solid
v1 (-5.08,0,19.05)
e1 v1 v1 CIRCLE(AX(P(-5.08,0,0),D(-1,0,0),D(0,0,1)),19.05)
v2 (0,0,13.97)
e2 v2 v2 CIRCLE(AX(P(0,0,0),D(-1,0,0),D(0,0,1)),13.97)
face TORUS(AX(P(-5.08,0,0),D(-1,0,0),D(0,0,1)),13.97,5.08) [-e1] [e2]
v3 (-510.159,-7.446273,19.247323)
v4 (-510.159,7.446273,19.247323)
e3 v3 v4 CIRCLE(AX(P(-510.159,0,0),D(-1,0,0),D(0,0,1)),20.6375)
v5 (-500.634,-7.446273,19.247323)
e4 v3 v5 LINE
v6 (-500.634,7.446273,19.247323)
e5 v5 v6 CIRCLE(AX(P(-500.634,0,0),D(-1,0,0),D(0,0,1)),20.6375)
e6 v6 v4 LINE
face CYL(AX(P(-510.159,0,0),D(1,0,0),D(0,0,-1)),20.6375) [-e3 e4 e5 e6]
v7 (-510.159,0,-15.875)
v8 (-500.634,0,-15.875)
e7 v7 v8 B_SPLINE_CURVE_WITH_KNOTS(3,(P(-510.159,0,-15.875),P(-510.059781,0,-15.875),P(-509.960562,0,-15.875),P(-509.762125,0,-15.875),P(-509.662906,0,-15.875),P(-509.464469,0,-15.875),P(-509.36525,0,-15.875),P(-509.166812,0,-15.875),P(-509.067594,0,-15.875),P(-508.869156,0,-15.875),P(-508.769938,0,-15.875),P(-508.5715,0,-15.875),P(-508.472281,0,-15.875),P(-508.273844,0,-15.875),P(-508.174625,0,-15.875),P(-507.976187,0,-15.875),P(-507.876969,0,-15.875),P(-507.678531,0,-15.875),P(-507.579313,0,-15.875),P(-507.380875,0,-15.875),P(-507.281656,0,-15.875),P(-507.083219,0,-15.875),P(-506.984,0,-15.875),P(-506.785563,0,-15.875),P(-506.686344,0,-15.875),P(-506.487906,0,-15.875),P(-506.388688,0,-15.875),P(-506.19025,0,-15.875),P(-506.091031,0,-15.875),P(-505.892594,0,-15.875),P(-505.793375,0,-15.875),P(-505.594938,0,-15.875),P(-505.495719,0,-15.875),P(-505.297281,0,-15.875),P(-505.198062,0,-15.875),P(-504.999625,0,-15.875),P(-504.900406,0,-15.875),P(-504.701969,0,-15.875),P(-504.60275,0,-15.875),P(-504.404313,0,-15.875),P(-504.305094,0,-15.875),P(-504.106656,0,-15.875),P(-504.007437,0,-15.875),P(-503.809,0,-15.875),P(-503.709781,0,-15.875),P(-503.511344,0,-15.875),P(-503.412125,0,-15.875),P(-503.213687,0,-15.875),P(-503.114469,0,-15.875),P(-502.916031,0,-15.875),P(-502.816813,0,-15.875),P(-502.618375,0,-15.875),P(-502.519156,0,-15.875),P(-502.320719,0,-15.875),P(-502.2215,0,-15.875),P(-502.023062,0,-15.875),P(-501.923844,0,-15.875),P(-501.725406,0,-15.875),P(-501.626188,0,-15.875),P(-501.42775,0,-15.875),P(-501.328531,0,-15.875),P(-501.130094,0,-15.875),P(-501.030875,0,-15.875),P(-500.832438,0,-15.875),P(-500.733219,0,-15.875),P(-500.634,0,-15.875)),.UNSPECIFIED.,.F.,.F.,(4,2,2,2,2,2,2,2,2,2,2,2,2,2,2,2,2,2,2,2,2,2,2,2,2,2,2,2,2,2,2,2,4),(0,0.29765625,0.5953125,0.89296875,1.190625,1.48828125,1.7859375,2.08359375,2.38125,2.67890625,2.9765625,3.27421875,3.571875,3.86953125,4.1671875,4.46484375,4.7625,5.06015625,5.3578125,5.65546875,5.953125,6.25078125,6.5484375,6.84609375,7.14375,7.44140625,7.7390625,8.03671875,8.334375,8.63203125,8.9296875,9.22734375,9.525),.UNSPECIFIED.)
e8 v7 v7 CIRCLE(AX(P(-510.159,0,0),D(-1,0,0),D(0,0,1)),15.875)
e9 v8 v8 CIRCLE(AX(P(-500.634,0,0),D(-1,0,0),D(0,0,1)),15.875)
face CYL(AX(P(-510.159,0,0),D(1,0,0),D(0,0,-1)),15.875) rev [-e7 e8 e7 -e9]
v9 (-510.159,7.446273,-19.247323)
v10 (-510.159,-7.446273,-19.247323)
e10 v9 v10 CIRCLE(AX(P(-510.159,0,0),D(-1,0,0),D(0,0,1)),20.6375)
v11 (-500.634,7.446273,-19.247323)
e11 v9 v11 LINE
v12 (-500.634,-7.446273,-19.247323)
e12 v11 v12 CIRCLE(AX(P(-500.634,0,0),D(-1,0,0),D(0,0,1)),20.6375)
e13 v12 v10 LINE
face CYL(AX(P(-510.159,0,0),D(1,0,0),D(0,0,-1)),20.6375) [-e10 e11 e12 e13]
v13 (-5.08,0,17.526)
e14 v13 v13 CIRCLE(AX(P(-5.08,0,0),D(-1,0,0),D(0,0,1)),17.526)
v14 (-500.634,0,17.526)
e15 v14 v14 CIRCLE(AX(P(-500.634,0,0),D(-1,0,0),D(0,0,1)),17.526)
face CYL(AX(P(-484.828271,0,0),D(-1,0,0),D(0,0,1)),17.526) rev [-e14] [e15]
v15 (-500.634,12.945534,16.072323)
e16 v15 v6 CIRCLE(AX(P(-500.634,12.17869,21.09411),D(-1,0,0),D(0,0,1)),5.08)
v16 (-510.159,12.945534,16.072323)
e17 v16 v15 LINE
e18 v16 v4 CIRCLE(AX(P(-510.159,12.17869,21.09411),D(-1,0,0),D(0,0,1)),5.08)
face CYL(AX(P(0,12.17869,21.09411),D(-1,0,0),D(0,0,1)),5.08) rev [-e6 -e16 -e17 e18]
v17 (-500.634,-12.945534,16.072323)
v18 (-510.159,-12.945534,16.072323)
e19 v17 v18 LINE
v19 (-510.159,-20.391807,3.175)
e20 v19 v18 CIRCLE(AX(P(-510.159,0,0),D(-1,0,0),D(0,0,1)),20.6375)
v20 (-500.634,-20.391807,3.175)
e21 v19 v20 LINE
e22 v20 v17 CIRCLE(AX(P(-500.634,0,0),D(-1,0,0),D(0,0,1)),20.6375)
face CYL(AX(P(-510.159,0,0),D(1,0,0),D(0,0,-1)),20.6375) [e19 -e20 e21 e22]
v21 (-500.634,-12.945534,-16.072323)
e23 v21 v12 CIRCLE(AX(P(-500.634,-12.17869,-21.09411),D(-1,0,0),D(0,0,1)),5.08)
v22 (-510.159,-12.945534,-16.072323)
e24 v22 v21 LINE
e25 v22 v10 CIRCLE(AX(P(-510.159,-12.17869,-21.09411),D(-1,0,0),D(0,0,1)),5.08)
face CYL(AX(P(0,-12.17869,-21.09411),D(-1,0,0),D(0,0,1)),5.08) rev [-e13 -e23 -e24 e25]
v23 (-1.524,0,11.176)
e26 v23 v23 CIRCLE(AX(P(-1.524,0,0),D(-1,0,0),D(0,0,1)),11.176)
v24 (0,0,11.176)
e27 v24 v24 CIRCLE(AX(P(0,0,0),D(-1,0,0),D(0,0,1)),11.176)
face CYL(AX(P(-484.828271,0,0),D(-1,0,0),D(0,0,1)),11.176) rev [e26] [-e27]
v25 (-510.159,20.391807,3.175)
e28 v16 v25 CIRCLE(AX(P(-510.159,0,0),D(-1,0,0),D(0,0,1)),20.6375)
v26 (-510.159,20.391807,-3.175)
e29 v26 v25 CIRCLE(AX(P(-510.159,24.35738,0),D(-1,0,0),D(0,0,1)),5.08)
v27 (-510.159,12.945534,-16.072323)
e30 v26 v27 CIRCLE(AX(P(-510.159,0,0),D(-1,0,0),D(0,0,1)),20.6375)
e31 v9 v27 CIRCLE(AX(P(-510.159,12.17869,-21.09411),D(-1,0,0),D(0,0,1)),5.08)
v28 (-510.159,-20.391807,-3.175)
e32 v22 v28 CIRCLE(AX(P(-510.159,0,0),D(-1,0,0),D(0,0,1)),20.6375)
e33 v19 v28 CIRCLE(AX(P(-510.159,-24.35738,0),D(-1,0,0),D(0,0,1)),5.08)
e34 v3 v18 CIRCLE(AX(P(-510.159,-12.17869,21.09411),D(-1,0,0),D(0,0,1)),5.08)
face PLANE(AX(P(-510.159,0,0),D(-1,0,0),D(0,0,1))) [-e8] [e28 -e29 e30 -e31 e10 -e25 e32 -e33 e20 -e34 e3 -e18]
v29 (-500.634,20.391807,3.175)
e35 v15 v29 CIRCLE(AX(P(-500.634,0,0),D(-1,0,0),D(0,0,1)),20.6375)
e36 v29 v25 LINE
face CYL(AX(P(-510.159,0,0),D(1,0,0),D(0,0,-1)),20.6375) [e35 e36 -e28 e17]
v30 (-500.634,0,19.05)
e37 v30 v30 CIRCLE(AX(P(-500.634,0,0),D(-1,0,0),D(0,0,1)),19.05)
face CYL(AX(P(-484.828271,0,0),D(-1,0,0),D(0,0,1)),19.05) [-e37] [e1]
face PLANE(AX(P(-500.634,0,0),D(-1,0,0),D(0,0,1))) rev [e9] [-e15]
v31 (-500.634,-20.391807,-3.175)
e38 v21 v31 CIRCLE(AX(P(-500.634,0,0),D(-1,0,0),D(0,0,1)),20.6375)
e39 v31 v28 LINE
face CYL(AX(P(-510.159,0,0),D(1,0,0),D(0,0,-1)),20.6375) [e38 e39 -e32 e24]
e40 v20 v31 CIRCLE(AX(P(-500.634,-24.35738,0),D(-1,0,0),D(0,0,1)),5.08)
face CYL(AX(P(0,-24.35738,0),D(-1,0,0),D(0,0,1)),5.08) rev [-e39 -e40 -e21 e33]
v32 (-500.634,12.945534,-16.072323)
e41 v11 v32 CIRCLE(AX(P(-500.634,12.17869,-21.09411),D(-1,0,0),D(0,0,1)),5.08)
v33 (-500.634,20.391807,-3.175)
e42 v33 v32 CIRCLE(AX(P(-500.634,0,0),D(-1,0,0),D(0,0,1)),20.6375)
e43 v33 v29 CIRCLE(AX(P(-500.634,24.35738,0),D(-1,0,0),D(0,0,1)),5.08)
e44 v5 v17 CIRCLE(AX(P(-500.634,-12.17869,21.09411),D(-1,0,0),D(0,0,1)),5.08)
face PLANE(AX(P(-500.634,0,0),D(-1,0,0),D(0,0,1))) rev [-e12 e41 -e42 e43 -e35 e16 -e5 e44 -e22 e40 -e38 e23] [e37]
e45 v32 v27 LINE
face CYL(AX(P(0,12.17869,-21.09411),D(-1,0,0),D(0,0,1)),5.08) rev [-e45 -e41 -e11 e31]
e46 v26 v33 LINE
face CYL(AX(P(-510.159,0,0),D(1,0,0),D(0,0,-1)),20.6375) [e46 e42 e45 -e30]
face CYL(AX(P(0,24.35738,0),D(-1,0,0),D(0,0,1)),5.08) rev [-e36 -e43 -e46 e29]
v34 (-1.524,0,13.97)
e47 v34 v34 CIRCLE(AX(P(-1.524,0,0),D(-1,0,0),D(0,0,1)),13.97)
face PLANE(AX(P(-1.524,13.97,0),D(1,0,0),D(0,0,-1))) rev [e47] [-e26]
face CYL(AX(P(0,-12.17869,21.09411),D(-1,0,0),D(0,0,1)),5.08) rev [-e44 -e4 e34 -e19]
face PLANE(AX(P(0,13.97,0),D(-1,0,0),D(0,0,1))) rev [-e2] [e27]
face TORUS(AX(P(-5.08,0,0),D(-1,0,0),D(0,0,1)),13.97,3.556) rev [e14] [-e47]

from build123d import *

# Parameters (mm, degrees)
SKETCH2_R               = 20.6375
SKETCH2_R_2             = 15.875
BOSS_EXTRUDE1_DEPTH     = 9.525
CUT_EXTRUDE1_DEPTH      = 511.993168343
CUT_EXTRUDE1_DEPTH_BACK = 511.993168343


with BuildPart() as part:
    # Sketch1 → Revolve1 (revolve)
    with BuildSketch(Plane.XY, mode=Mode.PRIVATE) as revolve1_sk:
        with BuildLine():
            Line((-5.08, 17.526), (-500.634, 17.526))
            Line((-500.634, 17.526), (-500.634, 19.05))
            Line((-500.634, 19.05), (-5.08, 19.05))
            ThreePointArc((-5.08, 19.05), (-1.487897552, 17.562102448), (0, 13.97))
            Line((0, 13.97), (0, 11.176))
            Line((0, 11.176), (-1.524, 11.176))
            Line((-1.524, 11.176), (-1.524, 13.97))
            ThreePointArc((-1.524, 13.97), (-2.565528286, 16.484471714), (-5.08, 17.526))
        make_face()
    revolve(revolve1_sk.sketch.rotate(Axis((-484.828271433, 0, 0), (1, 0, 0)), 90), axis=Axis((-484.828271433, 0, 0), (1, 0, 0)))

    # Sketch2 → Boss-Extrude1 (add)
    with BuildSketch(Plane.ZY.offset(500.634)):
        with Locations(Location((0, 0, 0), (0, 0, 180))):
            Circle(SKETCH2_R)
        with Locations(Location((0, 0, 0), (0, 0, 180))):
            Circle(SKETCH2_R_2, mode=Mode.SUBTRACT)
    extrude(amount=BOSS_EXTRUDE1_DEPTH)

    # Sketch4 → Cut-Extrude1 (cut, two sides: drawn at the far end of the back side and taken through both)
    with BuildSketch(Plane.ZY.offset(510.159).offset(-CUT_EXTRUDE1_DEPTH_BACK)):
        with BuildLine():
            ThreePointArc((3.175, 20.391806719), (0, 20.6375), (-3.175, 20.391806719))
            ThreePointArc((-3.175, 20.391806719), (0, 19.277380448), (3.175, 20.391806719))
        make_face()
        with BuildLine():
            ThreePointArc((19.247322647, 7.446272702), (17.872599271, 10.31875), (16.072322647, 12.945534016))
            ThreePointArc((16.072322647, 12.945534016), (16.694701186, 9.638690224), (19.247322647, 7.446272702))
        make_face()
        with BuildLine():
            ThreePointArc((16.072322647, -12.945534016), (17.872599271, -10.31875), (19.247322647, -7.446272702))
            ThreePointArc((19.247322647, -7.446272702), (16.694701186, -9.638690224), (16.072322647, -12.945534016))
        make_face()
        with BuildLine():
            ThreePointArc((-3.175, -20.391806719), (0, -20.6375), (3.175, -20.391806719))
            ThreePointArc((3.175, -20.391806719), (0, -19.277380448), (-3.175, -20.391806719))
        make_face()
        with BuildLine():
            ThreePointArc((-19.247322647, -7.446272702), (-17.872599271, -10.31875), (-16.072322647, -12.945534016))
            ThreePointArc((-16.072322647, -12.945534016), (-16.694701186, -9.638690224), (-19.247322647, -7.446272702))
        make_face()
        with BuildLine():
            ThreePointArc((-16.072322647, 12.945534016), (-17.872599271, 10.31875), (-19.247322647, 7.446272702))
            ThreePointArc((-19.247322647, 7.446272702), (-16.694701186, 9.638690224), (-16.072322647, 12.945534016))
        make_face()
    extrude(amount=CUT_EXTRUDE1_DEPTH + CUT_EXTRUDE1_DEPTH_BACK, mode=Mode.SUBTRACT)


solid = part.part
